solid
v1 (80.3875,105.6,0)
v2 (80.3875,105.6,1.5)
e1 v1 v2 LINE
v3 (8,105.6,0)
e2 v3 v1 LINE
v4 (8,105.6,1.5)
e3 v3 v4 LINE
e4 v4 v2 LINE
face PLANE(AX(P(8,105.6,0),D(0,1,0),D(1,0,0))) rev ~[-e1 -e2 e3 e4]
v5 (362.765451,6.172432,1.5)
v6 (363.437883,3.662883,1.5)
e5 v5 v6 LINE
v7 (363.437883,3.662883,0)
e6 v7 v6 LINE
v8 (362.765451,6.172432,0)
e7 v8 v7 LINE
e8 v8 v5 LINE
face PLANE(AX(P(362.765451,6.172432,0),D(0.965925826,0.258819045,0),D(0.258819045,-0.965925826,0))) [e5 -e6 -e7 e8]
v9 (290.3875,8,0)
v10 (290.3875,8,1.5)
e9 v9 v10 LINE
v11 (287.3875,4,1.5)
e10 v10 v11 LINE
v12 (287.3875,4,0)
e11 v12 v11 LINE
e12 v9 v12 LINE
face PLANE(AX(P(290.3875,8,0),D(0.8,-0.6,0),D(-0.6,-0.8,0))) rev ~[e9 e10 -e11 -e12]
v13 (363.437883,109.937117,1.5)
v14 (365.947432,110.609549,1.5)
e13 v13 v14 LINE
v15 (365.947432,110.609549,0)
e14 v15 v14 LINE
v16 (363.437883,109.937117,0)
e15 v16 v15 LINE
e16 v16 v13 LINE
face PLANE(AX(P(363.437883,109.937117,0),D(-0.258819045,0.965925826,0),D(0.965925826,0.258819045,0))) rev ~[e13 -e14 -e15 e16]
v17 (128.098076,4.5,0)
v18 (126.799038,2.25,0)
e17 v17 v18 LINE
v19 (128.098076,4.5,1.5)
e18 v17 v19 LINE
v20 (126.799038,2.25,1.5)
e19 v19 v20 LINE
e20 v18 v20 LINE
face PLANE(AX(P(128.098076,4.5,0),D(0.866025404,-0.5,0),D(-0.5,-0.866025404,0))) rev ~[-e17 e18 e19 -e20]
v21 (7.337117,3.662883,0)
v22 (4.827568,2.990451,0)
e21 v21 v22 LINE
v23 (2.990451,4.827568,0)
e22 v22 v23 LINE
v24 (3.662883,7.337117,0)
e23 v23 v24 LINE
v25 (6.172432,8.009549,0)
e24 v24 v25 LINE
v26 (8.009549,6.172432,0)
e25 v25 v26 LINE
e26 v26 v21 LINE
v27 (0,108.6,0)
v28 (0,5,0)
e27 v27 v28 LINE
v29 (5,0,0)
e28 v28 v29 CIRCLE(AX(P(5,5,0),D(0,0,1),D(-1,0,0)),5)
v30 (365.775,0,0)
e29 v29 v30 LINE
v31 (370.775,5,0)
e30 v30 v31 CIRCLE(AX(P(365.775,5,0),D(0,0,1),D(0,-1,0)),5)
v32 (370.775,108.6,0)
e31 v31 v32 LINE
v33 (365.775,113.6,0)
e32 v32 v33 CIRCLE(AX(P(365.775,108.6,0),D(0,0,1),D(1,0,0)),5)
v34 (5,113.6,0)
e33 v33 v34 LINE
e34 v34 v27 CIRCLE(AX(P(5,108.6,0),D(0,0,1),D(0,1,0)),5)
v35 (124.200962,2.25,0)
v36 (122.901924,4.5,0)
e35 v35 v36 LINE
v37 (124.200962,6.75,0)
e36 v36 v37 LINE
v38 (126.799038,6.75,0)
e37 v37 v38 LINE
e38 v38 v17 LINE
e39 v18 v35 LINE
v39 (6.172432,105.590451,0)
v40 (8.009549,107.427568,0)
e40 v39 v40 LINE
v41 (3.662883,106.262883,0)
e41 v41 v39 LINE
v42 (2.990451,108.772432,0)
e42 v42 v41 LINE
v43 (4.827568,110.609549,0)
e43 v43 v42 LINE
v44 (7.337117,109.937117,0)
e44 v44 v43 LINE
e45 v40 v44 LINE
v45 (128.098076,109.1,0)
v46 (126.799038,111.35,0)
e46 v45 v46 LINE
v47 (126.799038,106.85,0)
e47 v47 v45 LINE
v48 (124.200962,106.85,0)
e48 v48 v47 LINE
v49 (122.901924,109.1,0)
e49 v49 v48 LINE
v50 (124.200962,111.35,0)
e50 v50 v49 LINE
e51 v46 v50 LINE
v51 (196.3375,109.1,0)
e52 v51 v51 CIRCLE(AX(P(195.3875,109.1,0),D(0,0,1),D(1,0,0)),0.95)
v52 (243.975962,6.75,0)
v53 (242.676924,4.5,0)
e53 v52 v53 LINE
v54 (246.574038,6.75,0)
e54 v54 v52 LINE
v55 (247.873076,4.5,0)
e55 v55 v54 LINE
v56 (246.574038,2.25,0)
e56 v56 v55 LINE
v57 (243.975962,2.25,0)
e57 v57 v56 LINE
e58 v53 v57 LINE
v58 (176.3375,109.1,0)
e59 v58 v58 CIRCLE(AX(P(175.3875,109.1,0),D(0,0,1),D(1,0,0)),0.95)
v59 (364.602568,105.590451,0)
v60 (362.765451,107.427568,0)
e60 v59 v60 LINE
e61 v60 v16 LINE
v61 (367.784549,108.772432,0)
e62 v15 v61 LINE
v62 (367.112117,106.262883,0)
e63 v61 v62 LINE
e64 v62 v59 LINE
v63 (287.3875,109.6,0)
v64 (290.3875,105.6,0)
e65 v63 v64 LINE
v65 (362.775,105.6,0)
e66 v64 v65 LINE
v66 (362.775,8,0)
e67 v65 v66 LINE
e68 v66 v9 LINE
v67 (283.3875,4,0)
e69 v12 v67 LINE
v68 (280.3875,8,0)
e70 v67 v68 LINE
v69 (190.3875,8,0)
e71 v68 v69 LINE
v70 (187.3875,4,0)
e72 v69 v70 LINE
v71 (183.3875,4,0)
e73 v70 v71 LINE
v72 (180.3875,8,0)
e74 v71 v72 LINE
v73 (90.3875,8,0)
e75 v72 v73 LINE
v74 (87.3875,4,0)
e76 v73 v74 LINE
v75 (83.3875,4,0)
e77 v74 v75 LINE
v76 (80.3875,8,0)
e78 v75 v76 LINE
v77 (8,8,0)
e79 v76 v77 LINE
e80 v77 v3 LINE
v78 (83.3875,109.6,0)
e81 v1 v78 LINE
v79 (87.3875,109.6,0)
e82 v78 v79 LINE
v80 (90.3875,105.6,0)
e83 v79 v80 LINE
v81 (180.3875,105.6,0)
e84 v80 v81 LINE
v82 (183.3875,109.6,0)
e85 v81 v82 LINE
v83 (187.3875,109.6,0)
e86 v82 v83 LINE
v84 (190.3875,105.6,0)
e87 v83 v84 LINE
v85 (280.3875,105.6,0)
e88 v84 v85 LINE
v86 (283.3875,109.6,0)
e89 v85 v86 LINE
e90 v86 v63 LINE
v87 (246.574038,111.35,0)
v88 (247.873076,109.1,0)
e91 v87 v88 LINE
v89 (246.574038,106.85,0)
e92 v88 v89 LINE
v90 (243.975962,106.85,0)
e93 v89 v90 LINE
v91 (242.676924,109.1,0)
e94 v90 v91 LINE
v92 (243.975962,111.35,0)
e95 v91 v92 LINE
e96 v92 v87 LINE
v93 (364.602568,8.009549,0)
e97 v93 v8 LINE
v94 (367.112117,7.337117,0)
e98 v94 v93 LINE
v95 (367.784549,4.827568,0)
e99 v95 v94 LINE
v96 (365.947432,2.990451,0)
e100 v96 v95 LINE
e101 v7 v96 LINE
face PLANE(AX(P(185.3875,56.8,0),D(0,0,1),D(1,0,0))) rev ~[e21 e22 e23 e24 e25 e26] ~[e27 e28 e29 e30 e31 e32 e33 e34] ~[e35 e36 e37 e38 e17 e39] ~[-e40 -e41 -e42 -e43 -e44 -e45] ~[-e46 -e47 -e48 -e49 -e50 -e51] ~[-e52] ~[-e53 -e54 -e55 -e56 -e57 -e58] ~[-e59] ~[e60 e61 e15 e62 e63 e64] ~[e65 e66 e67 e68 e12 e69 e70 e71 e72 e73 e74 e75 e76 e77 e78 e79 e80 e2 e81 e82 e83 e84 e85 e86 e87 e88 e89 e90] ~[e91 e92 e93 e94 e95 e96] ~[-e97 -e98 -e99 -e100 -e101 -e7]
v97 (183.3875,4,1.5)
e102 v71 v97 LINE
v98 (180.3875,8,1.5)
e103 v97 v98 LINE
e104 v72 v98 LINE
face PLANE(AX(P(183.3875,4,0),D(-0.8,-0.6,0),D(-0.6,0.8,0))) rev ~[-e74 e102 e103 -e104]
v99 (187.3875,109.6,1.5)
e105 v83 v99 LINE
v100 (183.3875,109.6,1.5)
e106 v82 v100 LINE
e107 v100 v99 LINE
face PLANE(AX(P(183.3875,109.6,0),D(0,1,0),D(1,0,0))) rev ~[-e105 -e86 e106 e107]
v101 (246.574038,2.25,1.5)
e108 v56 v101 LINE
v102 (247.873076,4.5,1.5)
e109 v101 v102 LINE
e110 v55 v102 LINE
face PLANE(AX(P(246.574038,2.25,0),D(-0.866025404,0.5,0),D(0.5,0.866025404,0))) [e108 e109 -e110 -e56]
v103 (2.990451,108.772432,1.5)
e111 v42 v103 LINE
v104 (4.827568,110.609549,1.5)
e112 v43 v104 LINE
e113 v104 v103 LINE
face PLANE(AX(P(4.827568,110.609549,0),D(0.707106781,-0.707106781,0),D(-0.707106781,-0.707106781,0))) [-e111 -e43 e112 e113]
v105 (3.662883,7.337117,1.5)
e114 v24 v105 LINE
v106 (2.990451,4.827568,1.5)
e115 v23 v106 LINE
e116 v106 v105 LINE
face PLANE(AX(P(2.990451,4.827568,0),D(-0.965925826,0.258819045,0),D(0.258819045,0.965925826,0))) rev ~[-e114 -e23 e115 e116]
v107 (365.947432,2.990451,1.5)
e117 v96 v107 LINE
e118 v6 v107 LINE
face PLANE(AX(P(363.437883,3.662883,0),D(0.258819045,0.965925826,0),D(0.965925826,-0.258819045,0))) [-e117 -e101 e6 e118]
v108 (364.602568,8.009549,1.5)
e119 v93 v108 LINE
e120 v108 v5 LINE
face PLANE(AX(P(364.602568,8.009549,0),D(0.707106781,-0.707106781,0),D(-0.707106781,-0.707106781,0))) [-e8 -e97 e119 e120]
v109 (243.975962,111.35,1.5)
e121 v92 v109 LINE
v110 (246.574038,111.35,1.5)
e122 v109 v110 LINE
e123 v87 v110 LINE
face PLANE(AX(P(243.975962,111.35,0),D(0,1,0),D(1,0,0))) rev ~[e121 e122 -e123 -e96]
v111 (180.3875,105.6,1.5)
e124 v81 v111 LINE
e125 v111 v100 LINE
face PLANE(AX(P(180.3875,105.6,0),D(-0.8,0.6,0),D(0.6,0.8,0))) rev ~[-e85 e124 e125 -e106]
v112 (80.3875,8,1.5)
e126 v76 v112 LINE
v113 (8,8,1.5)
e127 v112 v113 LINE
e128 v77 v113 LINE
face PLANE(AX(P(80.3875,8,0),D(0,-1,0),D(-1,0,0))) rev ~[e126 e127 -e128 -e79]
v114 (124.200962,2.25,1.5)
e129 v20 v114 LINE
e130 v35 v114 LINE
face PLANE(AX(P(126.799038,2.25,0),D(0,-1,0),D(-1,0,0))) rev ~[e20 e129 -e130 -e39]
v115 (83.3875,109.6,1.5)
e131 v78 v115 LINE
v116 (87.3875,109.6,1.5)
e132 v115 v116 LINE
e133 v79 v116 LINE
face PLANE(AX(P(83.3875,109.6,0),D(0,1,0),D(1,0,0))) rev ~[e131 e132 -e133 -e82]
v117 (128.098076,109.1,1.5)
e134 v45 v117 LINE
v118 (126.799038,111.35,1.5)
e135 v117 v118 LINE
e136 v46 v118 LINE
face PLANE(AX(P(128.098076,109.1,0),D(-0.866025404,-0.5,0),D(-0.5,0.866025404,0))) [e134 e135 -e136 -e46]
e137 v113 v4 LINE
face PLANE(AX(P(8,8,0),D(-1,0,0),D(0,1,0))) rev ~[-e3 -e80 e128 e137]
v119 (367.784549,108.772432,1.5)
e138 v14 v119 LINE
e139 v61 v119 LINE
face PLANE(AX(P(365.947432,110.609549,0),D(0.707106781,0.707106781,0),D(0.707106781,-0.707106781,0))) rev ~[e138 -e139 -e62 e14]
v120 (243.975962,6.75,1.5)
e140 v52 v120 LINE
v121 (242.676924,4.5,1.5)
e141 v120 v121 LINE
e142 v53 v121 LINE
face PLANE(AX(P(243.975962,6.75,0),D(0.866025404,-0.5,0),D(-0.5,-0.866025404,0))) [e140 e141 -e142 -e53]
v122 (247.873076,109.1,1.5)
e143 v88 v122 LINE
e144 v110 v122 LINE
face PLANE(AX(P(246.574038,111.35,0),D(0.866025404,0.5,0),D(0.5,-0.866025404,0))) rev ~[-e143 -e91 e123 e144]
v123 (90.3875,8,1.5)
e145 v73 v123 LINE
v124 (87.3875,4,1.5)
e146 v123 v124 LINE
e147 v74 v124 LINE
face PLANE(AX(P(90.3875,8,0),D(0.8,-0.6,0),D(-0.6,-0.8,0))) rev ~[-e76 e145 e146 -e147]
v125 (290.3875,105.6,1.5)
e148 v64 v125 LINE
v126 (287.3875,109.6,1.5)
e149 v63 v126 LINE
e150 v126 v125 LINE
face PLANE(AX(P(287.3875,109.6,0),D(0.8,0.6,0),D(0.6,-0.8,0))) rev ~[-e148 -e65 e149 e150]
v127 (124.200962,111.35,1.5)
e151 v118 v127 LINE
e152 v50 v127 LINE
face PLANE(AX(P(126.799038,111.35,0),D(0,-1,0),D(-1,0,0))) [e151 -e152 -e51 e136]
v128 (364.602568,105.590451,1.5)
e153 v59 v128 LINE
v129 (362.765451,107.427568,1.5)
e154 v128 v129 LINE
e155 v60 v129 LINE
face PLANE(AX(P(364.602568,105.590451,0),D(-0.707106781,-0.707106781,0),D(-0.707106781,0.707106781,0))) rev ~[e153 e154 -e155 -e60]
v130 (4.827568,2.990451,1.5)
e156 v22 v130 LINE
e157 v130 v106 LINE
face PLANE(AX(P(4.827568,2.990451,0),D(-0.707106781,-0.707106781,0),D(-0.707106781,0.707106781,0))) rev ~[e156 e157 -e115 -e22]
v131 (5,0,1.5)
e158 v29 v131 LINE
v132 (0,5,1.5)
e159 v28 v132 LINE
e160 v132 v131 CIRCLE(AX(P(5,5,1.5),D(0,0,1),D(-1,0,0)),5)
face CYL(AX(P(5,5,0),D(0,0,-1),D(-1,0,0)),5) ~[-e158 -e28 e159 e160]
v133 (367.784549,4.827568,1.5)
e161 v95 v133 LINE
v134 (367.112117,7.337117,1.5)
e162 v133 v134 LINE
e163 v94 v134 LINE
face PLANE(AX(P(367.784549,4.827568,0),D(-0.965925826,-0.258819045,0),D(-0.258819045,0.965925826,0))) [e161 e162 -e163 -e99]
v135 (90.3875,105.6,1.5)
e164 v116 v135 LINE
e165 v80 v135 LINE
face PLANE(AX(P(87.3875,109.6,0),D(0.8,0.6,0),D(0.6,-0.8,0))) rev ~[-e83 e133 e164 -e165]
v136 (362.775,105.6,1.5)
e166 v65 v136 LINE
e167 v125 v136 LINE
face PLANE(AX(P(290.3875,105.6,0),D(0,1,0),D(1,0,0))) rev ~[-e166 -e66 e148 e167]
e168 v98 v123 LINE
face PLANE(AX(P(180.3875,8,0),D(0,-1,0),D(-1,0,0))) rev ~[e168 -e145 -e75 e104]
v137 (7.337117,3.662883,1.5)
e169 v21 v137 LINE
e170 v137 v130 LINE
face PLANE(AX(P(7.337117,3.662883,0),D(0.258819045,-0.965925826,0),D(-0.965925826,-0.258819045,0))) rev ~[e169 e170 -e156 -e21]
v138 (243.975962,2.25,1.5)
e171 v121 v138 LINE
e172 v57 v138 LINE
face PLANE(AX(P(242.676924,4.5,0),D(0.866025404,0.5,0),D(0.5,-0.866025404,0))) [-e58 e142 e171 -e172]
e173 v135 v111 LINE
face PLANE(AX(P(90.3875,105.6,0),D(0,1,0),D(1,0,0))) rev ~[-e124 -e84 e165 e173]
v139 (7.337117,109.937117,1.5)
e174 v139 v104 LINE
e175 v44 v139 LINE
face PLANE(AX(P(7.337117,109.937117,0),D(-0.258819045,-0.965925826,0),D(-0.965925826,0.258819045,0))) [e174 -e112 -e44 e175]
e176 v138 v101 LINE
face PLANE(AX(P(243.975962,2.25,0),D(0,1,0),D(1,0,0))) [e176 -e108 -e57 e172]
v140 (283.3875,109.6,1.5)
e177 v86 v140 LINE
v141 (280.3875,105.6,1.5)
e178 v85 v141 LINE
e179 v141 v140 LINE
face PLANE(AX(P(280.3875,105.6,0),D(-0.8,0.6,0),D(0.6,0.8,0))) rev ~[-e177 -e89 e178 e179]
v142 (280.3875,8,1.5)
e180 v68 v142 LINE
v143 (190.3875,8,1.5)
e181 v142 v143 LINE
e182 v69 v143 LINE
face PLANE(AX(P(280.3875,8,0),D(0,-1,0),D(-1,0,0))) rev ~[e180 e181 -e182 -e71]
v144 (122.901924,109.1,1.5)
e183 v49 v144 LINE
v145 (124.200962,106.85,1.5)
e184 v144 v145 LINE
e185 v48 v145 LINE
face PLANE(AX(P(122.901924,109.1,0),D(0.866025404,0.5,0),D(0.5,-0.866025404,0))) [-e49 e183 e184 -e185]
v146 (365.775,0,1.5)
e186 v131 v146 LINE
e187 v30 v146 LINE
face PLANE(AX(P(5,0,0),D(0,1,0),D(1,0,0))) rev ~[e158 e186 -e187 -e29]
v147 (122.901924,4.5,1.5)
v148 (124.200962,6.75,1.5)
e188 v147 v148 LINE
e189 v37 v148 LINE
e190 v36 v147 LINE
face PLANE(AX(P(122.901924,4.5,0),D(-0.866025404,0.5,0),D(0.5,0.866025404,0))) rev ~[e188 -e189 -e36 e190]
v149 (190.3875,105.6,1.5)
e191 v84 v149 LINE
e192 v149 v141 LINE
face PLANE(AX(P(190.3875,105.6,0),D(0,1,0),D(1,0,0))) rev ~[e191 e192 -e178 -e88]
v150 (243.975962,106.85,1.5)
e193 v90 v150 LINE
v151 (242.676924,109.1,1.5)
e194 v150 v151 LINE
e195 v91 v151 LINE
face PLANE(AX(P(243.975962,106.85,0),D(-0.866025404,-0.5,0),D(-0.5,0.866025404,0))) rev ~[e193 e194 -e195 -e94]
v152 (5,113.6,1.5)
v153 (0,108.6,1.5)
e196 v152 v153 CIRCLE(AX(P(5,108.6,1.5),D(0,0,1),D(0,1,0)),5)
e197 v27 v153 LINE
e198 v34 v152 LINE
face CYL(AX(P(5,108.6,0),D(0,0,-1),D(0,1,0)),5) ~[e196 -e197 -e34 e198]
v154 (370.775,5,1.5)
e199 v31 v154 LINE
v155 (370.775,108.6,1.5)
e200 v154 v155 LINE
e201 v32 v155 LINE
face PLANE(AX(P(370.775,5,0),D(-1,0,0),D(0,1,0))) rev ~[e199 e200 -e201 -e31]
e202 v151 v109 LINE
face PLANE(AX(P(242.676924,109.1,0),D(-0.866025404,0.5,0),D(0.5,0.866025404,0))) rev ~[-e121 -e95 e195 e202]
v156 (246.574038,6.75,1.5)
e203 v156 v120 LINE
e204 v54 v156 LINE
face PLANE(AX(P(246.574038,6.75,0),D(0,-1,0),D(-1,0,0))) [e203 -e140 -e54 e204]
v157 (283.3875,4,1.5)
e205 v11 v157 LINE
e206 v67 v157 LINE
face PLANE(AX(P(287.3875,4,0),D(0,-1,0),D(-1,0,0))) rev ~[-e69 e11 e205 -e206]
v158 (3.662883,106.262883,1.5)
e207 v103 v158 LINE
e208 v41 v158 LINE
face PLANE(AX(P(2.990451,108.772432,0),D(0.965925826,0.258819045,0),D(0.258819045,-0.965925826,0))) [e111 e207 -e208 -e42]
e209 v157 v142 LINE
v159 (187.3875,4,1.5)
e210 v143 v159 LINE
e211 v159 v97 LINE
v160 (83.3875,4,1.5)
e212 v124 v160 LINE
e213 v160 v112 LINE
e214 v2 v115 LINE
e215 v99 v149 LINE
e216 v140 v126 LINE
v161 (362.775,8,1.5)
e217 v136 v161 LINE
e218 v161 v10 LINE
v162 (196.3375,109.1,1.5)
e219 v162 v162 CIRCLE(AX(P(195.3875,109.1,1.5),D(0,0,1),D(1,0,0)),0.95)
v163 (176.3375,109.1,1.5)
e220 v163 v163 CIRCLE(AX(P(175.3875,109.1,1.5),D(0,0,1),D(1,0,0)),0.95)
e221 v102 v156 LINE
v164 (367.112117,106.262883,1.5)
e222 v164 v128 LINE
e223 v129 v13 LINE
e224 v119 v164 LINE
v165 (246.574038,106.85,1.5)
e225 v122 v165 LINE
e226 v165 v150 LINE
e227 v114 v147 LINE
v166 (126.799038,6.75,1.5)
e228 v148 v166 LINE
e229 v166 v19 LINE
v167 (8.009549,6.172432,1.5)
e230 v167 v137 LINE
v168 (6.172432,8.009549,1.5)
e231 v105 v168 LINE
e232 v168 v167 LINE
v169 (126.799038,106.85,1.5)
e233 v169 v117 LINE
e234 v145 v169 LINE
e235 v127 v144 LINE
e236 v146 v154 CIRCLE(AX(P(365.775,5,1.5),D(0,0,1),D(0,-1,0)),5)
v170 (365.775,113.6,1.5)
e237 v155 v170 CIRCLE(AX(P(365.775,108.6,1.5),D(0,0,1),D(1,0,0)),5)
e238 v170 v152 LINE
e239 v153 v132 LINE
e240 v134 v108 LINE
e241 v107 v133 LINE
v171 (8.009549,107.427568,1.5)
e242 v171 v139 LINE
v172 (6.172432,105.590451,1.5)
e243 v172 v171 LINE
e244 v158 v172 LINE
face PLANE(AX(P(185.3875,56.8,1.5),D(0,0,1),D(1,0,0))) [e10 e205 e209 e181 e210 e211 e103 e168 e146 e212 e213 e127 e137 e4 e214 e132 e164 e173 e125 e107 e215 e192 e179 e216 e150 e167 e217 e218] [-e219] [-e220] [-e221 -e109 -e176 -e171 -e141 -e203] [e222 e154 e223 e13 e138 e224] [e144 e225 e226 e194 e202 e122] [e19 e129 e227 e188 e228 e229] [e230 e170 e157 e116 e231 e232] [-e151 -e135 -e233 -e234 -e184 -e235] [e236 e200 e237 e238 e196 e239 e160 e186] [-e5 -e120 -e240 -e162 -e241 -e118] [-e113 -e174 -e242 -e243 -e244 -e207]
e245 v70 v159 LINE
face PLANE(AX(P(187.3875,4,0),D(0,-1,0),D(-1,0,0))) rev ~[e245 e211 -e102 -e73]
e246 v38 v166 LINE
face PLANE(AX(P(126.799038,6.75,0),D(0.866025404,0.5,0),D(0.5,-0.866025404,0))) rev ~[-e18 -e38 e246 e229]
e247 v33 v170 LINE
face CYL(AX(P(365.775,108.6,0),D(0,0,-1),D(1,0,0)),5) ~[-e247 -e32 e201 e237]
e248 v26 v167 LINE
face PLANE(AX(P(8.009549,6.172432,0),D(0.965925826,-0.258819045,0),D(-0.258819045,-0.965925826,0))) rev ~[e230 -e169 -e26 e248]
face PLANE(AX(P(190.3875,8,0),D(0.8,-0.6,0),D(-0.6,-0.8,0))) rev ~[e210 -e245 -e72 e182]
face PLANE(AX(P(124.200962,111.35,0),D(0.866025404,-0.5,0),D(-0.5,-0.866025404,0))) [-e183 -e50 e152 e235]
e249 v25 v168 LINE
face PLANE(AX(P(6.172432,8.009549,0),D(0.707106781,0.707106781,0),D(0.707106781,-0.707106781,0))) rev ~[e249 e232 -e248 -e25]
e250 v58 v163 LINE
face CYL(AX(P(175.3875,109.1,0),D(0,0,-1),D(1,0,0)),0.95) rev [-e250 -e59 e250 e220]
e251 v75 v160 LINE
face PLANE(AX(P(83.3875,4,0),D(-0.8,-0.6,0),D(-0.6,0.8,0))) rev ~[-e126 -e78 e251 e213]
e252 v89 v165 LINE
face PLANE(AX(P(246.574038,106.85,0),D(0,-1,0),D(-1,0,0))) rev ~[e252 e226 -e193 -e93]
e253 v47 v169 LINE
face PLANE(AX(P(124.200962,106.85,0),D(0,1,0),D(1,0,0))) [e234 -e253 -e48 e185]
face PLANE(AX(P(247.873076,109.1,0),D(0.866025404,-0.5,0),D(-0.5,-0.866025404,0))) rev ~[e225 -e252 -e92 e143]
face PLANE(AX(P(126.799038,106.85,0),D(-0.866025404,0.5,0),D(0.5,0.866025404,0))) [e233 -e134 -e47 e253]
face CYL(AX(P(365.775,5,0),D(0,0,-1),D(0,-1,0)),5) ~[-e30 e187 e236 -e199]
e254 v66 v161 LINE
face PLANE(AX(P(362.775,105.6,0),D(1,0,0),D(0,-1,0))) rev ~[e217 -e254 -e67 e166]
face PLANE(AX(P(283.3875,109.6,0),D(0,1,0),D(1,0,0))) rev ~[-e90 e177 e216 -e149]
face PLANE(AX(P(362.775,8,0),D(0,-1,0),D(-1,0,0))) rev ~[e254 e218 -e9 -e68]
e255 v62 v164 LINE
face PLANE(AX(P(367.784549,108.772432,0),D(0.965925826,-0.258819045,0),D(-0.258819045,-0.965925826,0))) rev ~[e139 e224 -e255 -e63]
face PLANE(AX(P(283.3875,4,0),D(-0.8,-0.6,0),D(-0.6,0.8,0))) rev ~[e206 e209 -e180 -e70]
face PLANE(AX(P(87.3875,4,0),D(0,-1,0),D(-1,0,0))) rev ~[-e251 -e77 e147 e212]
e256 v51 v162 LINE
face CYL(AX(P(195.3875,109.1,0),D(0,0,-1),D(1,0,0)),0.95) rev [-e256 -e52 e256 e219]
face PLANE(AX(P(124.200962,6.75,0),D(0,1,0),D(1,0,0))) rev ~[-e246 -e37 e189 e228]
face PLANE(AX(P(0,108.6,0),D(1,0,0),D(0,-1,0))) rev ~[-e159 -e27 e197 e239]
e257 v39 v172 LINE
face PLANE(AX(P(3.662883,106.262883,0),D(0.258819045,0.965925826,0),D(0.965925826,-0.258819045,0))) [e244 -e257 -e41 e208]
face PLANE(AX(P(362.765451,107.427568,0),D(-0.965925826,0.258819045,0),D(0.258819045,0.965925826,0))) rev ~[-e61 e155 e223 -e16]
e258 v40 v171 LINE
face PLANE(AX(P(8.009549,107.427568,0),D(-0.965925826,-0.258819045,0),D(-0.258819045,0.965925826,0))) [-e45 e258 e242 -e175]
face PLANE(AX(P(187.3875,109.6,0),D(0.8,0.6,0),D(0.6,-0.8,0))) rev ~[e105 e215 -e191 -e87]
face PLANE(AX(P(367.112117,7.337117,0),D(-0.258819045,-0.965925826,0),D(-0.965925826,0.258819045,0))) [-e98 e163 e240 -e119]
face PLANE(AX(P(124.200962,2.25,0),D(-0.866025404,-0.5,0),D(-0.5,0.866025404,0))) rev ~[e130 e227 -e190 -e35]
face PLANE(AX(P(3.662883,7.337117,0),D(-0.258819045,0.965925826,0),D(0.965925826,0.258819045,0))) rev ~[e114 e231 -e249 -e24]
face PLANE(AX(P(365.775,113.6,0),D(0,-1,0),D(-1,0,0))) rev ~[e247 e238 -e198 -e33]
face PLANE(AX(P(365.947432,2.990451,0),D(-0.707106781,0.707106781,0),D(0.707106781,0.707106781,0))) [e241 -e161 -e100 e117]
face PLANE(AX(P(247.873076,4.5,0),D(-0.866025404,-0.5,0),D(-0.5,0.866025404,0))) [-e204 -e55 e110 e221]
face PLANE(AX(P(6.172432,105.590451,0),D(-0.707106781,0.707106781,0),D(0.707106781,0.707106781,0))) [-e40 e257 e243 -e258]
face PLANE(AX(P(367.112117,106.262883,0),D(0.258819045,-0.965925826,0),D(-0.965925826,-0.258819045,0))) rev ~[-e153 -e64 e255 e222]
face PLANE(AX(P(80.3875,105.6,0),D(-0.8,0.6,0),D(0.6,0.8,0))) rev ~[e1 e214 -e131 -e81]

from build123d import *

# Parameters (mm, degrees)
MODEL_R             = 0.95
BOSS_EXTRUDE1_DEPTH = 1.5


with BuildPart() as part:
    # Model → Boss-Extrude1 (new body)
    with BuildSketch(Plane.XY):
        with BuildLine():
            Line((0, 108.6), (0, 5))
            ThreePointArc((0, 5), (1.464466094, 1.464466094), (5, 0))
            Line((5, 0), (365.775, 0))
            ThreePointArc((365.775, 0), (369.310533906, 1.464466094), (370.775, 5))
            Line((370.775, 5), (370.775, 108.6))
            ThreePointArc((370.775, 108.6), (369.310533906, 112.135533906), (365.775, 113.6))
            Line((365.775, 113.6), (5, 113.6))
            ThreePointArc((5, 113.6), (1.464466094, 112.135533906), (0, 108.6))
        make_face()
        with Locations((175.3875, 109.1)):
            Circle(MODEL_R, mode=Mode.SUBTRACT)
        with Locations((195.3875, 109.1)):
            Circle(MODEL_R, mode=Mode.SUBTRACT)
        Polygon((8, 8), (8, 105.6), (80.3875, 105.6), (83.3875, 109.6), (87.3875, 109.6), (90.3875, 105.6), (180.3875, 105.6), (183.3875, 109.6), (187.3875, 109.6), (190.3875, 105.6), (280.3875, 105.6), (283.3875, 109.6), (287.3875, 109.6), (290.3875, 105.6), (362.775, 105.6), (362.775, 8), (290.3875, 8), (287.3875, 4), (283.3875, 4), (280.3875, 8), (190.3875, 8), (187.3875, 4), (183.3875, 4), (180.3875, 8), (90.3875, 8), (87.3875, 4), (83.3875, 4), (80.3875, 8), align=None, mode=Mode.SUBTRACT)
        Polygon((365.947431604, 110.609548911), (367.784548911, 108.772431604), (367.112117307, 106.262882693), (364.602568396, 105.590451089), (362.765451089, 107.427568396), (363.437882693, 109.937117307), align=None, mode=Mode.SUBTRACT)
        Polygon((4.827568396, 110.609548911), (2.990451089, 108.772431604), (3.662882693, 106.262882693), (6.172431604, 105.590451089), (8.009548911, 107.427568396), (7.337117307, 109.937117307), align=None, mode=Mode.SUBTRACT)
        Polygon((365.947431604, 2.990451089), (367.784548911, 4.827568396), (367.112117307, 7.337117307), (364.602568396, 8.009548911), (362.765451089, 6.172431604), (363.437882693, 3.662882693), align=None, mode=Mode.SUBTRACT)
        Polygon((126.799038106, 2.25), (124.200961894, 2.25), (122.901923789, 4.5), (124.200961894, 6.75), (126.799038106, 6.75), (128.098076211, 4.5), align=None, mode=Mode.SUBTRACT)
        Polygon((4.827568396, 2.990451089), (2.990451089, 4.827568396), (3.662882693, 7.337117307), (6.172431604, 8.009548911), (8.009548911, 6.172431604), (7.337117307, 3.662882693), align=None, mode=Mode.SUBTRACT)
        Polygon((243.975961894, 2.25), (246.574038106, 2.25), (247.873076211, 4.5), (246.574038106, 6.75), (243.975961894, 6.75), (242.676923789, 4.5), align=None, mode=Mode.SUBTRACT)
        Polygon((126.799038106, 111.35), (124.200961894, 111.35), (122.901923789, 109.1), (124.200961894, 106.85), (126.799038106, 106.85), (128.098076211, 109.1), align=None, mode=Mode.SUBTRACT)
        Polygon((243.975961894, 111.35), (246.574038106, 111.35), (247.873076211, 109.1), (246.574038106, 106.85), (243.975961894, 106.85), (242.676923789, 109.1), align=None, mode=Mode.SUBTRACT)
    extrude(amount=BOSS_EXTRUDE1_DEPTH)


solid = part.part
